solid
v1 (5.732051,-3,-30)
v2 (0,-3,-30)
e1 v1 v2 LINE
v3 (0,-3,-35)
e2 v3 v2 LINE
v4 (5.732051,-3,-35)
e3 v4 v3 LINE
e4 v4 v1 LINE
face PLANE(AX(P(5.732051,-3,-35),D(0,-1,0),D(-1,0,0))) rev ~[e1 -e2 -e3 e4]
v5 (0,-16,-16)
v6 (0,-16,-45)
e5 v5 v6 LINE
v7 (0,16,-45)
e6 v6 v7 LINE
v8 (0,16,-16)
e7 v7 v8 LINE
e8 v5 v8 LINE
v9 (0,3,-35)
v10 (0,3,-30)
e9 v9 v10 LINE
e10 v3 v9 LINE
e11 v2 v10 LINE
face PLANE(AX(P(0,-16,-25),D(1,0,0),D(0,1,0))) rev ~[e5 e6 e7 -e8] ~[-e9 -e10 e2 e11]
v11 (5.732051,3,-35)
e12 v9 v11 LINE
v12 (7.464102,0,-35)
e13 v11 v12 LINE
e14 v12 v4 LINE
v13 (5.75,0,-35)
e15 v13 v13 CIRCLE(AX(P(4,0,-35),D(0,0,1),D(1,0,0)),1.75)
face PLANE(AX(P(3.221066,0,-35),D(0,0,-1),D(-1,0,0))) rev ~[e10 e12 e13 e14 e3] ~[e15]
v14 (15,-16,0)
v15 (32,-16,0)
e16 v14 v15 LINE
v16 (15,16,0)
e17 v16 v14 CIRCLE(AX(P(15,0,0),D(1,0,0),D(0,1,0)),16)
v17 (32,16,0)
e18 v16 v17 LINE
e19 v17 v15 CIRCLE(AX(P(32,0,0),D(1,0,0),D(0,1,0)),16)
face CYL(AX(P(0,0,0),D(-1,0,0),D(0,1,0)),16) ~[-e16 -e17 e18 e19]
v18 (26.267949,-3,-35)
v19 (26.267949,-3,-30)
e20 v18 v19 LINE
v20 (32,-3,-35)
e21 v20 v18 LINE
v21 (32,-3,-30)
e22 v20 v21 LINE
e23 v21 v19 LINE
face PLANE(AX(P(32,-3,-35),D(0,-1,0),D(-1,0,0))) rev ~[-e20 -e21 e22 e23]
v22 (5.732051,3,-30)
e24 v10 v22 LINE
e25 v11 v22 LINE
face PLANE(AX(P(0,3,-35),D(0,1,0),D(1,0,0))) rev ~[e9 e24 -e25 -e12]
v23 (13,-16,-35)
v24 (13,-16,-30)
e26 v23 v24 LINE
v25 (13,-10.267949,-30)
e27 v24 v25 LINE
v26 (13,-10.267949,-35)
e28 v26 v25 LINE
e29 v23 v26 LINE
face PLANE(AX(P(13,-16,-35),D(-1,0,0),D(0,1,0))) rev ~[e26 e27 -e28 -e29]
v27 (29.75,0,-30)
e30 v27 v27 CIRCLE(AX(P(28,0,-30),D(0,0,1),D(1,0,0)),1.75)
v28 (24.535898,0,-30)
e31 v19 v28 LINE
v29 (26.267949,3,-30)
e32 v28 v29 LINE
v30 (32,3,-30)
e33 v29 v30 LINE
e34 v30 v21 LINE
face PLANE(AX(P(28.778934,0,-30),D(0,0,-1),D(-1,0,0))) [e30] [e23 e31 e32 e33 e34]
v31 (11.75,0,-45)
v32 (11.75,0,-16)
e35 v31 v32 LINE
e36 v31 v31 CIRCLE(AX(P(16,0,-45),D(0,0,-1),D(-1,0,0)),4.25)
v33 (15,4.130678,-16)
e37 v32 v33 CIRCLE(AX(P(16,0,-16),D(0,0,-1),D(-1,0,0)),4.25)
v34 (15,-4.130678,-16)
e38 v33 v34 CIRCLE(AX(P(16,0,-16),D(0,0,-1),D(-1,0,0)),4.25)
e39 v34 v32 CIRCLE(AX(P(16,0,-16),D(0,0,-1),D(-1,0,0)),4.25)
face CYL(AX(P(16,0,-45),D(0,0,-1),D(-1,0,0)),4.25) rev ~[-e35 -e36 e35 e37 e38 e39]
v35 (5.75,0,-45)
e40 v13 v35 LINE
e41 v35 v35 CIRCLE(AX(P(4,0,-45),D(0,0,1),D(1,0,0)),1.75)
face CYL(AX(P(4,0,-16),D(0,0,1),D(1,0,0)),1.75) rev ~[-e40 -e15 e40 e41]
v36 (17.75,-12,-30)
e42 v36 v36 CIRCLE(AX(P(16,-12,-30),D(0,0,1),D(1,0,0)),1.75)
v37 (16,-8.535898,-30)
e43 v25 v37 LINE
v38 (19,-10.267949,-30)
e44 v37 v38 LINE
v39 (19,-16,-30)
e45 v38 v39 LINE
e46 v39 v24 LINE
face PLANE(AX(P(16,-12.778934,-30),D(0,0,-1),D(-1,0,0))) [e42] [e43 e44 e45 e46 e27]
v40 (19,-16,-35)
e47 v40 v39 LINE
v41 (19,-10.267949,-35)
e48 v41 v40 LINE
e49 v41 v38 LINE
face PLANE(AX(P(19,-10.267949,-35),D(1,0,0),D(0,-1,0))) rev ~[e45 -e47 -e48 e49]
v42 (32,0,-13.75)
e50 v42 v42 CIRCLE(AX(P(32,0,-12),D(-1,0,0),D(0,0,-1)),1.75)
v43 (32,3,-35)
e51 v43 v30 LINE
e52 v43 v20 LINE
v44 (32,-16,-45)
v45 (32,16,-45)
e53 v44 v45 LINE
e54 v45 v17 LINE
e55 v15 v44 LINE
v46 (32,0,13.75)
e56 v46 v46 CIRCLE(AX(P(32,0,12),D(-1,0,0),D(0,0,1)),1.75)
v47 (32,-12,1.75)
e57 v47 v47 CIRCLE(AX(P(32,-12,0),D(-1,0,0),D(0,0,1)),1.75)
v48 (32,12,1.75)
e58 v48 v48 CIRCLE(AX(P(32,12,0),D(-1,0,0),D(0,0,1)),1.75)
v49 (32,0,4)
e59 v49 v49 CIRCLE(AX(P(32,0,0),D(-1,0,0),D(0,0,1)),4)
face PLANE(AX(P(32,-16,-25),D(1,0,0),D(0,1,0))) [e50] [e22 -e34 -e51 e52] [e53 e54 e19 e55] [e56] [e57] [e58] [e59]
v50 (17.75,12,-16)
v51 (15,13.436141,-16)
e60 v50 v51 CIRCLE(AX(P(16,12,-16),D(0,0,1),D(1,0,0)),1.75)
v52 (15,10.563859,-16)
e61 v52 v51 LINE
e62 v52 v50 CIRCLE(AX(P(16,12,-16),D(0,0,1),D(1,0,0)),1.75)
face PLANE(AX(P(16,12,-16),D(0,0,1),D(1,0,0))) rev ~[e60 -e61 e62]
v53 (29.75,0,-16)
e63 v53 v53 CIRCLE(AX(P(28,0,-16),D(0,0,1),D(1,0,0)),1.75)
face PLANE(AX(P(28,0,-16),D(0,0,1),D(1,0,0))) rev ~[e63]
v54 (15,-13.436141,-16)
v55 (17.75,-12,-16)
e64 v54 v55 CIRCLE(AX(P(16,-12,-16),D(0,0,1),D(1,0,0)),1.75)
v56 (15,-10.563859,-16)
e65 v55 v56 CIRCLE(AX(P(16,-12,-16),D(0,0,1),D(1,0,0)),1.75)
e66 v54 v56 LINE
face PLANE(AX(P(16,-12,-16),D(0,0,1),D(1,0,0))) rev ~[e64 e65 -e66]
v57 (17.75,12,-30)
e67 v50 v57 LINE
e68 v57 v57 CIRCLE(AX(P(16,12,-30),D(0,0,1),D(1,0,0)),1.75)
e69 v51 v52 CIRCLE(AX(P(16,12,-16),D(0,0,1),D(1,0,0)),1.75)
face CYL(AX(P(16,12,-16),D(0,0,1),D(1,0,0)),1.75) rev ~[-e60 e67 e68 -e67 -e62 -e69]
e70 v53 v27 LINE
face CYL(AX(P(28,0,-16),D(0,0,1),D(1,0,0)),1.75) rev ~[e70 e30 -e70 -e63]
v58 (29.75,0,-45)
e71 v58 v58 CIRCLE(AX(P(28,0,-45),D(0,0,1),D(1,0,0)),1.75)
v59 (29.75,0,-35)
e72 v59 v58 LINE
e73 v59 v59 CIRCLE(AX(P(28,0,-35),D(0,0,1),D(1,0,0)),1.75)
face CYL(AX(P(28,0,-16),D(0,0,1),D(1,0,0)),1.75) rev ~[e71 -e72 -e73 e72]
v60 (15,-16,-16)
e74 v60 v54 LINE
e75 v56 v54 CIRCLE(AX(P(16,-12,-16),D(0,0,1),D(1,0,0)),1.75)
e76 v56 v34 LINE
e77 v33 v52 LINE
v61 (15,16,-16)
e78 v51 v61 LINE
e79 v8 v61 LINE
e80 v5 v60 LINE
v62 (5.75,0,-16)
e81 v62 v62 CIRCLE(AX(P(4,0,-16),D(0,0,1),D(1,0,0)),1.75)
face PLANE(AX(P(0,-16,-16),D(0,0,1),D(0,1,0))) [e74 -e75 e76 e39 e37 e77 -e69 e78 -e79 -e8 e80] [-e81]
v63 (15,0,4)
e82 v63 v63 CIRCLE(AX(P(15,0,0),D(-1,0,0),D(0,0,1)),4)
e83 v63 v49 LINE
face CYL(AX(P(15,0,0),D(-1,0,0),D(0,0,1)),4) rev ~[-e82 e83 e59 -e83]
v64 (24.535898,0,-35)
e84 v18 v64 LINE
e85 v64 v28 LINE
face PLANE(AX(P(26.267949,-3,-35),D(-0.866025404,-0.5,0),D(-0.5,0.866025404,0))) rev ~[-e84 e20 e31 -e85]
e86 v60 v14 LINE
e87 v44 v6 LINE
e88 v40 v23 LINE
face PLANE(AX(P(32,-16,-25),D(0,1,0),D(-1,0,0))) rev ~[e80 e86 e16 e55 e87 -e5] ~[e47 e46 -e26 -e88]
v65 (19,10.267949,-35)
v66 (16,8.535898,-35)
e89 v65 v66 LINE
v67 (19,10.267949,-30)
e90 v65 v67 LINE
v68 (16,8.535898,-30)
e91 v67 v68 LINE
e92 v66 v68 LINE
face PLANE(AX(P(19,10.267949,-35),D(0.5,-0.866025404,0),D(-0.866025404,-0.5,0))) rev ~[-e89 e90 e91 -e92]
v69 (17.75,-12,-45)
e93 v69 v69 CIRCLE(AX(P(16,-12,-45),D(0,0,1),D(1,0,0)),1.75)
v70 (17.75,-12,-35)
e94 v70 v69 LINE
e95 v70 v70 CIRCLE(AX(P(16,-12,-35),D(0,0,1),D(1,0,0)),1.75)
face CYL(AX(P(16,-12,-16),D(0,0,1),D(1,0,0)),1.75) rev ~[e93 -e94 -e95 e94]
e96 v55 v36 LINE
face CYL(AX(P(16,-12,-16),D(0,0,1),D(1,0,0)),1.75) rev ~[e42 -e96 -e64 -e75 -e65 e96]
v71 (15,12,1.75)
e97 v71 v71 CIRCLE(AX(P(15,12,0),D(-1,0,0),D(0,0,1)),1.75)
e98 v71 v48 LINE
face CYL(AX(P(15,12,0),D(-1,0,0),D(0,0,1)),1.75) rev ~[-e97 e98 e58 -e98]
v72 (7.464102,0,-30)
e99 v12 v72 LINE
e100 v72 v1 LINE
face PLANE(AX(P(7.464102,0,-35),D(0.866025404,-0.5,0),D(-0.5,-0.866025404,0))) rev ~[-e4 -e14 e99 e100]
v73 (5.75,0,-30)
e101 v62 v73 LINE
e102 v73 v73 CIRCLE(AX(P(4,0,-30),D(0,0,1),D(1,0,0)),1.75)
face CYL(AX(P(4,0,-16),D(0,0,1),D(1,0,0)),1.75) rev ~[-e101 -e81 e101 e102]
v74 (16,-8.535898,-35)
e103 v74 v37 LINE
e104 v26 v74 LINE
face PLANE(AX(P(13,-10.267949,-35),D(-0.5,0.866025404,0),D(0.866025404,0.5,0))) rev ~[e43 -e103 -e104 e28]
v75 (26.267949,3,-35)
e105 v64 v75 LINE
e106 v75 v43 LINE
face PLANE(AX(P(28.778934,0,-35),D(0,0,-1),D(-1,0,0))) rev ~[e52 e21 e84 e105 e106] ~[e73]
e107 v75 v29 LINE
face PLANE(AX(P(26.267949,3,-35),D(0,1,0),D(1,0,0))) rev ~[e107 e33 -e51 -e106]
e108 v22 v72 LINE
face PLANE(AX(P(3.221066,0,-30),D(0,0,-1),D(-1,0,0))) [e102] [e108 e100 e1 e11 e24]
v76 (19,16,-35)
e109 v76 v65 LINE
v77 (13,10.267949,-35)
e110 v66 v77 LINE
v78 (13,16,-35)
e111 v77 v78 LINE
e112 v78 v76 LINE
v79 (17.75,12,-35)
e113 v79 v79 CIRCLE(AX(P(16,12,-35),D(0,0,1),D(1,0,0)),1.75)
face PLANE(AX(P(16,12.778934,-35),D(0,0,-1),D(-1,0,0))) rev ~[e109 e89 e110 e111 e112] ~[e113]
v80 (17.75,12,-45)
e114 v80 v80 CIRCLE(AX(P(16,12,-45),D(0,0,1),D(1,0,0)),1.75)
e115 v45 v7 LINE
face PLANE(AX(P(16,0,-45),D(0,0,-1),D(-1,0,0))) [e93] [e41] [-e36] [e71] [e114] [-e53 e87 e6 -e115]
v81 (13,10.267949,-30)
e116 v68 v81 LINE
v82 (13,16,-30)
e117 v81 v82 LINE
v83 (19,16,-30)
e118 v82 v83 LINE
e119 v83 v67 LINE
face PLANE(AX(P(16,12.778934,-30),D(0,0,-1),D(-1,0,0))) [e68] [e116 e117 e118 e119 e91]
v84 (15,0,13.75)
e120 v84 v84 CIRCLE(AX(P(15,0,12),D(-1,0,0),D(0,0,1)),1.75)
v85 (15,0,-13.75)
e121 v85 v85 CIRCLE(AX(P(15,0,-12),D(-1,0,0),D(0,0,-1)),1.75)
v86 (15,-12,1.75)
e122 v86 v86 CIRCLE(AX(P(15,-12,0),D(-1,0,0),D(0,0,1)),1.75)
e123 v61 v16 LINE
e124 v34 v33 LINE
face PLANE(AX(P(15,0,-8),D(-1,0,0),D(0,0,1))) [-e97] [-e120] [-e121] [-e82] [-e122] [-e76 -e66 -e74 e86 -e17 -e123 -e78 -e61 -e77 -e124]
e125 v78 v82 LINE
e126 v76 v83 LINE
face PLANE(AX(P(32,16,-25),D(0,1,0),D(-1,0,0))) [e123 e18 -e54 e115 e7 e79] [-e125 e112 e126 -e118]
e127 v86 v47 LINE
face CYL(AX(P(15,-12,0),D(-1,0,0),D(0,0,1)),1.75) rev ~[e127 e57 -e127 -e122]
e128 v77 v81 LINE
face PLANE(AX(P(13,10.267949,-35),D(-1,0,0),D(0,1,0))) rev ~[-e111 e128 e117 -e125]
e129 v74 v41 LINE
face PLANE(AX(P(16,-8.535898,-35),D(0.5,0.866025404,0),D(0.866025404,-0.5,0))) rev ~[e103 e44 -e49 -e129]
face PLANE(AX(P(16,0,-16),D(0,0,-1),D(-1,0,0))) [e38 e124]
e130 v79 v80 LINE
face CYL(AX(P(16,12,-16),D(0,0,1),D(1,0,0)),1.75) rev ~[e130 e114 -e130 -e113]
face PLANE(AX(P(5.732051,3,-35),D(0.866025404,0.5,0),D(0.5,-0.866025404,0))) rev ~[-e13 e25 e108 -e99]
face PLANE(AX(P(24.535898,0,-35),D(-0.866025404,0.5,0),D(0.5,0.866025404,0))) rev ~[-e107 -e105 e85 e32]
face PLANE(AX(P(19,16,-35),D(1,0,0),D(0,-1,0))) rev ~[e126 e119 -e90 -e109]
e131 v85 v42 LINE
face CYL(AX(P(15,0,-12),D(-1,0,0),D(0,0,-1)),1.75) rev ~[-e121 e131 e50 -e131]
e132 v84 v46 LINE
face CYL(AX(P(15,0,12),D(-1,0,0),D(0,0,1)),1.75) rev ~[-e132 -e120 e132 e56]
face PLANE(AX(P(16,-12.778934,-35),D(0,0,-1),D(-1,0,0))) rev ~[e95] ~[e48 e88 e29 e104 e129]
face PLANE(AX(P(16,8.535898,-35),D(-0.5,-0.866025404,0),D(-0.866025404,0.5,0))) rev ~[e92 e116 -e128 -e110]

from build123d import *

# Parameters (mm, degrees)
BOSS_EXTRUDE1_DEPTH = 32
SKETCH4_R           = 16
CUT_EXTRUDE3_DEPTH  = 15
SKETCH5_R           = 7
SKETCH5_R_2         = 4
BOSS_EXTRUDE2_DEPTH = 17
SKETCH15_W          = 16
SKETCH15_H          = 32
CUT_EXTRUDE6_DEPTH  = 15
SKETCH16_W          = 32
SKETCH16_H          = 32
BOSS_EXTRUDE6_DEPTH = 20
SKETCH17_R          = 1.75
CUT_EXTRUDE8_DEPTH  = 49
SKETCH18_R          = 1.75
CUT_EXTRUDE9_DEPTH  = 51.695167423
CUT_EXTRUDE10_START = -10
CUT_EXTRUDE10_DEPTH = 5
SKETCH20_R          = 4.25
CUT_EXTRUDE11_DEPTH = 29


with BuildPart() as part:
    # Sketch1 → Boss-Extrude1 (new body)
    with BuildSketch(Plane(origin=(0, 0, 0), x_dir=(0, -1, 0), z_dir=(1, 0, 0))):
        with BuildLine():
            ThreePointArc((-16, 0), (0, 16), (16, 0))
            Line((16, 0), (16, 25))
            Line((16, 25), (-16, 25))
            Line((-16, 25), (-16, 0))
        make_face()
        with BuildLine():
            ThreePointArc((-4.5, 0), (0, 4.5), (4.5, 0))
            Line((4.5, 0), (16, 0))
            ThreePointArc((16, 0), (0, 16), (-16, 0))
            Line((-16, 0), (-4.5, 0))
        make_face()
        with BuildLine():
            Line((16, 0), (4.5, 0))
            ThreePointArc((4.5, 0), (0, -4.5), (-4.5, 0))
            Line((-4.5, 0), (-16, 0))
            ThreePointArc((-16, 0), (0, -16), (16, 0))
        make_face()
        with BuildLine():
            ThreePointArc((-4.5, 0), (0, 4.5), (4.5, 0))
            Line((4.5, 0), (16, 0))
            ThreePointArc((16, 0), (0, 16), (-16, 0))
            Line((-16, 0), (-4.5, 0))
        make_face()
        with BuildLine():
            Line((16, 0), (4.5, 0))
            ThreePointArc((4.5, 0), (0, -4.5), (-4.5, 0))
            Line((-4.5, 0), (-16, 0))
            ThreePointArc((-16, 0), (0, -16), (16, 0))
        make_face()
    extrude(amount=BOSS_EXTRUDE1_DEPTH)

    # Sketch4 → Cut-Extrude3 (cut)
    with BuildSketch(Plane.ZY):
        Circle(SKETCH4_R)
    extrude(amount=-CUT_EXTRUDE3_DEPTH, mode=Mode.SUBTRACT)

    # Sketch5 → Boss-Extrude2 (add)
    with BuildSketch(Plane.ZY.offset(-15)):
        Circle(SKETCH5_R)
        Circle(SKETCH5_R_2, mode=Mode.SUBTRACT)
    extrude(amount=-BOSS_EXTRUDE2_DEPTH)

    # Sketch15 → Cut-Extrude6 (cut)
    with BuildSketch(Plane.ZY):
        with Locations((-8, 0)):
            Rectangle(SKETCH15_W, SKETCH15_H)
    extrude(amount=-CUT_EXTRUDE6_DEPTH, mode=Mode.SUBTRACT)

    # Sketch16 → Boss-Extrude6 (add)
    with BuildSketch(Plane(origin=(0, 0, -25), x_dir=(-1, 0, 0), z_dir=(0, 0, -1))):
        with Locations((-16, 0)):
            Rectangle(SKETCH16_W, SKETCH16_H)
    extrude(amount=BOSS_EXTRUDE6_DEPTH)

    # Sketch17 → Cut-Extrude8 (cut, through all)
    with BuildSketch(Plane.XY.offset(-16)):
        with Locations((4, 0)):
            Circle(SKETCH17_R)
        with Locations((16, 12)):
            Circle(SKETCH17_R)
        with Locations((28, 0)):
            Circle(SKETCH17_R)
        with Locations((16, -12)):
            Circle(SKETCH17_R)
    extrude(amount=-CUT_EXTRUDE8_DEPTH, mode=Mode.SUBTRACT)

    # Sketch18 → Cut-Extrude9 (cut, through all)
    with BuildSketch(Plane.ZY.offset(-15)):
        with Locations((0, 12)):
            Circle(SKETCH18_R)
        with Locations((0, -12)):
            Circle(SKETCH18_R)
        with Locations((12, 0)):
            Circle(SKETCH18_R)
        with Locations(Location((-12, 0, 0), (0, 0, 180))):
            Circle(SKETCH18_R)
    extrude(amount=-CUT_EXTRUDE9_DEPTH, mode=Mode.SUBTRACT)

    # Sketch19 → Cut-Extrude10 (cut)
    with BuildSketch(Plane(origin=(0, 0, -45), x_dir=(-1, 0, 0), z_dir=(0, 0, -1)).offset(CUT_EXTRUDE10_START)):
        Polygon((0, 3), (-5.732050808, 3), (-7.464101615, 0), (-5.732050808, -3), (0, -3), align=None)
        Polygon((-16, -8.535898385), (-19, -10.267949192), (-19, -16), (-13, -16), (-13, -10.267949192), align=None)
        Polygon((-24.535898385, 0), (-26.267949192, 3), (-32, 3), (-32, -3), (-26.267949192, -3), align=None)
        Polygon((-16, 8.535898385), (-13, 10.267949192), (-13, 16), (-19, 16), (-19, 10.267949192), align=None)
    extrude(amount=-CUT_EXTRUDE10_DEPTH, mode=Mode.SUBTRACT)

    # Sketch20 → Cut-Extrude11 (cut)
    with BuildSketch(Plane(origin=(0, 0, -45), x_dir=(-1, 0, 0), z_dir=(0, 0, -1))):
        with Locations((-16, 0)):
            Circle(SKETCH20_R)
    extrude(amount=-CUT_EXTRUDE11_DEPTH, mode=Mode.SUBTRACT)


solid = part.part
